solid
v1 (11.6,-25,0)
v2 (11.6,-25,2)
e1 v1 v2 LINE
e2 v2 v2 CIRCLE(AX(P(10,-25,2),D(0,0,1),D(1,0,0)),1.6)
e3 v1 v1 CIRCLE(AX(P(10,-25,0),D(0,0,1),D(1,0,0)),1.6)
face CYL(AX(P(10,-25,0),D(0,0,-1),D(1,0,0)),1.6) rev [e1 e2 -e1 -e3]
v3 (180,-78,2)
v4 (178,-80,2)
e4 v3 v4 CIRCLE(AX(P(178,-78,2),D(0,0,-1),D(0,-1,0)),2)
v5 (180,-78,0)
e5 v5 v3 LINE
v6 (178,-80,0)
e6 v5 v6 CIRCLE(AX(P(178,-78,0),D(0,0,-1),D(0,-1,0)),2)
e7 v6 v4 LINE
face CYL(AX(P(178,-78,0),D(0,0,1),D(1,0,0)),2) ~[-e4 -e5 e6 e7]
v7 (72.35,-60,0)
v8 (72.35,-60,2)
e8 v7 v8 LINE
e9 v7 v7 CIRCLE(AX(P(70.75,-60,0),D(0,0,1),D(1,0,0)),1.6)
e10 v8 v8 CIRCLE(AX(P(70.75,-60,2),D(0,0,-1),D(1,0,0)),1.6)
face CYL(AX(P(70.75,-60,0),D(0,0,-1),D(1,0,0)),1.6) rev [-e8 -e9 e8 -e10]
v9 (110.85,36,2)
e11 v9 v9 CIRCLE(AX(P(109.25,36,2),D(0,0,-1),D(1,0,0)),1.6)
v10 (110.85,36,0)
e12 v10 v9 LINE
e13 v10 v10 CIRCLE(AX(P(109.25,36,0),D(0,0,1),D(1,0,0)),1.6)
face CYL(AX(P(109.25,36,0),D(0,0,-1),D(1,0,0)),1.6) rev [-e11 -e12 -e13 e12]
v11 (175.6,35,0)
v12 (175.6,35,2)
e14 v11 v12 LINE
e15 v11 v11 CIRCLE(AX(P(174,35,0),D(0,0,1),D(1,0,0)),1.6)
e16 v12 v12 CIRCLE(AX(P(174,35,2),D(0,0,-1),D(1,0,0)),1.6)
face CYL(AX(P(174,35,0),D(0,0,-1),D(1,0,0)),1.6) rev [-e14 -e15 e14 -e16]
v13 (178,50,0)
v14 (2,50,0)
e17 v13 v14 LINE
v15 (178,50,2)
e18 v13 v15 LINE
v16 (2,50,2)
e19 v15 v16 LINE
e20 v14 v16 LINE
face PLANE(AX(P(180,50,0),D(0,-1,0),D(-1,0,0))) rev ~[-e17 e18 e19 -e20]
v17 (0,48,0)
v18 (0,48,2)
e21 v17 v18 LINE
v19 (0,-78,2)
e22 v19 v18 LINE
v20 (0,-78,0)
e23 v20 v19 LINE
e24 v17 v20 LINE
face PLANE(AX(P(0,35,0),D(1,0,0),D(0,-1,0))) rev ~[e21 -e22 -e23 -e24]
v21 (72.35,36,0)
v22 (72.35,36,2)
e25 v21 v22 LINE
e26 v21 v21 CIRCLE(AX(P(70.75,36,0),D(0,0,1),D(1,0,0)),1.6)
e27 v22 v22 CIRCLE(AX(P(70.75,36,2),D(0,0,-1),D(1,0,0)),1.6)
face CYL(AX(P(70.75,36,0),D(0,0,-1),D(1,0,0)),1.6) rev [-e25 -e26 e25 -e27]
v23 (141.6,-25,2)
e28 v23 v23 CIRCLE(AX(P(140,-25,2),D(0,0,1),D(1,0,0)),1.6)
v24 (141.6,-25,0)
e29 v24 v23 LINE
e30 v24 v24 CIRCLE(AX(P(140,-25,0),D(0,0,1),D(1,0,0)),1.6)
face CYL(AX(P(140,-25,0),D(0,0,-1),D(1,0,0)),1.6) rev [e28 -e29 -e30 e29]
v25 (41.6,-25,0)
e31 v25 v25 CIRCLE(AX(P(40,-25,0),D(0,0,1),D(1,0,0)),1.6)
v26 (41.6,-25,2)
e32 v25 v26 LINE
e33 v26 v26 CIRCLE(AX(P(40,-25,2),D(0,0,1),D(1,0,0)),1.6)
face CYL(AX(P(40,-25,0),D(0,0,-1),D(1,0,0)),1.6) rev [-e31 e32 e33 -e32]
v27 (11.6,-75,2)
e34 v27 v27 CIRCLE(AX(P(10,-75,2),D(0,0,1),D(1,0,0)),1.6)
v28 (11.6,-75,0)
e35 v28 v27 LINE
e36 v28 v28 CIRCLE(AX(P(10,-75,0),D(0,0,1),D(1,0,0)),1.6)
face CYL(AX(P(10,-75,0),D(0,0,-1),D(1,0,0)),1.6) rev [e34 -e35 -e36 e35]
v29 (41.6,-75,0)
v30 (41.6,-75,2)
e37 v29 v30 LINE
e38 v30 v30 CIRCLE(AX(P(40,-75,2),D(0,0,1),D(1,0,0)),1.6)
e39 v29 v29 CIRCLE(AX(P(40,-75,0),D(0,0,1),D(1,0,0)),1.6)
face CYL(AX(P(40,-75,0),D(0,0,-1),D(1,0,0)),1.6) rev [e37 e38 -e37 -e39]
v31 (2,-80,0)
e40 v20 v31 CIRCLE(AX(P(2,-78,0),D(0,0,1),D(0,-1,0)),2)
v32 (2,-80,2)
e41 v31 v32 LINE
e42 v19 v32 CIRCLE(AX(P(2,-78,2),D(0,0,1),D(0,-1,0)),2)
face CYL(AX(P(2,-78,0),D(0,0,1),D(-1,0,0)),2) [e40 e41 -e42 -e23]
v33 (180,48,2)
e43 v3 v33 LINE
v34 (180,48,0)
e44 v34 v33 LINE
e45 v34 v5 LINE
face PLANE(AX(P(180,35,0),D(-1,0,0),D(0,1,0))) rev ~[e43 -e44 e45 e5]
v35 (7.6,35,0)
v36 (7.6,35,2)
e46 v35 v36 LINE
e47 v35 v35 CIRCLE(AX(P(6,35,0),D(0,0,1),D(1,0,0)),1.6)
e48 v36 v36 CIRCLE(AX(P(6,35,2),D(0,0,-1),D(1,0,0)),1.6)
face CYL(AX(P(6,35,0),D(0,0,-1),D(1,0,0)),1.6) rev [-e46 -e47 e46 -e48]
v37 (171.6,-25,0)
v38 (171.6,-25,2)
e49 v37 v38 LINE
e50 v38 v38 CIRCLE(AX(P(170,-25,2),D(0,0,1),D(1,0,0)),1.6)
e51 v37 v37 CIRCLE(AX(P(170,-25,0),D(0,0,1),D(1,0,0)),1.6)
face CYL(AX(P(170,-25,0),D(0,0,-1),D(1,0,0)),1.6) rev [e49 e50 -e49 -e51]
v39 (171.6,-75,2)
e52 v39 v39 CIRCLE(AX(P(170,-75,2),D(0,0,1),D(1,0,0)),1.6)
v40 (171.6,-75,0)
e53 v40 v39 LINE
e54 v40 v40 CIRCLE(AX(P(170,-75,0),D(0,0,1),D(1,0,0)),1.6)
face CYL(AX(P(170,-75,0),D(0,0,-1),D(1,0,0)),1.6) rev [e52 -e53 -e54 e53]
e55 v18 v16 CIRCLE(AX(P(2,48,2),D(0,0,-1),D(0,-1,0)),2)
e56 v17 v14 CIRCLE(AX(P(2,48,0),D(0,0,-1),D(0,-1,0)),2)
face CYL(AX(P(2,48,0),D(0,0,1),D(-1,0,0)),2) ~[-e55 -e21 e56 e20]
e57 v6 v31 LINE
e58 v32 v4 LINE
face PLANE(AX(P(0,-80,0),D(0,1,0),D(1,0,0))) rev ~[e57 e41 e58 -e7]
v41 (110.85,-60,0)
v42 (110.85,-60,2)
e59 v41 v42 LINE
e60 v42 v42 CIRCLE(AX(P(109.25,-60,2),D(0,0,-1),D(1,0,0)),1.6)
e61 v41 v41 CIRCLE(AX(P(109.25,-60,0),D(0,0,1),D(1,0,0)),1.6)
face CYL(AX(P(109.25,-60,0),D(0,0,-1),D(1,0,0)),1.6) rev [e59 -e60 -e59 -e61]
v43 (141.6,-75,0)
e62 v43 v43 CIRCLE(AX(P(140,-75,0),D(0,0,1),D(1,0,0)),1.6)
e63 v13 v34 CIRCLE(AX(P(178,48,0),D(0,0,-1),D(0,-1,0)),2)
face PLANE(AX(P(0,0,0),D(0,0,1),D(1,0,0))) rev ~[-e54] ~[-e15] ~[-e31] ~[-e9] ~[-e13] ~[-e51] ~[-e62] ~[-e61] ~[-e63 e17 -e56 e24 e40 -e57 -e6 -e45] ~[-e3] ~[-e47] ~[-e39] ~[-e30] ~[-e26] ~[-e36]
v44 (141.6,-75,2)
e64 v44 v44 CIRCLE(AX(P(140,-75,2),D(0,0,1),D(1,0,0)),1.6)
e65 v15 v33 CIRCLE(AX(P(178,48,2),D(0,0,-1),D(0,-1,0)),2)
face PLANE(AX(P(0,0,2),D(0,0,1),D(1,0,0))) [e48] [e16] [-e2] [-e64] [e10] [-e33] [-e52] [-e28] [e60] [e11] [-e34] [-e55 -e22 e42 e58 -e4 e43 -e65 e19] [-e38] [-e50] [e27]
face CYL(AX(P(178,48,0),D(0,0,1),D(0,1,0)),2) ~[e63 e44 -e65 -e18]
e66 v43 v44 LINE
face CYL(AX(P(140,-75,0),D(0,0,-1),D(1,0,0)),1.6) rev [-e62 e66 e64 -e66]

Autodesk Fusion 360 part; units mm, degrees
sketch "スケッチ1" plane through (0, 0, 0) normal (0, 0, 1) x (1, 0, 0)
  line L0 (0, 0) -> (180, 0)
  line L1 (180, 0) -> (180, -100)
  line L2 (180, -100) -> (0, -100)
  line L3 (0, -100) -> (0, 0)
  line L4 (0, -50) -> (180, -50) construction
  line L5 (10, -50) -> (10, -25) construction
  line L6 (10, -25) -> (40, -25) construction
  line L7 (40, -25) -> (40, -50) construction
  line L8 (90, 0) -> (90, -100) construction
  line L9 (10, -50) -> (10, -75) construction
  line L10 (10, -75) -> (40, -75) construction
  line L11 (40, -75) -> (40, -50) construction
  line L12 (140, -75) -> (140, -50) construction
  line L13 (140, -25) -> (140, -50) construction
  line L14 (170, -25) -> (140, -25) construction
  line L15 (170, -50) -> (170, -25) construction
  line L16 (170, -50) -> (170, -75) construction
  line L17 (170, -75) -> (140, -75) construction
  circle A0 centre (10, -25) radius 1.6
  circle A1 centre (40, -25) radius 1.6
  circle A2 centre (10, -75) radius 1.6
  circle A3 centre (40, -75) radius 1.6
  circle A4 centre (170, -25) radius 1.6
  circle A5 centre (140, -25) radius 1.6
  circle A6 centre (140, -75) radius 1.6
  circle A7 centre (170, -75) radius 1.6
  line L18 (40, -37.5) -> (35, -37.5)
  line L19 (35, -37.5) -> (35, -65)
  line L20 (35, -65) -> (45, -65)
  line L21 (45, -65) -> (45, -37.5)
  line L22 (45, -37.5) -> (40, -37.5)
  line L23 (145, -65) -> (135, -65)
  line L24 (135, -65) -> (135, -37.5)
  line L25 (135, -37.5) -> (140, -37.5)
  line L26 (140, -37.5) -> (145, -37.5)
  line L27 (145, -37.5) -> (145, -65)
  line L28 (90, 0) -> (64.5, 0) construction
  line L29 (64.5, 0) -> (64.5, -100) construction
  line L30 (115.5, 0) -> (115.5, -100) construction
  line L31 (64.5, -50) -> (64.5, -9) construction
  line L32 (115.5, -91) -> (115.5, -79)
  circle A8 centre (5, -5) radius 1.6
  circle A9 centre (175, -5) radius 1.6
  circle A10 centre (5, -95) radius 1.6
  circle A11 centre (175, -95) radius 1.6
  line L33 (0, -10) -> (180, -10)
  line L34 (180, -90) -> (0, -90)
  line L35 (0, -80) -> (180, -80)
  line L36 (0, -20) -> (180, -20)
  line L37 (0, 0) -> (180, 0)
  line L38 (180, 0) -> (180, 50)
  line L39 (180, 50) -> (0, 50)
  line L40 (0, 50) -> (0, 0)
  line L41 (90, -60) -> (109.25, -60)
  line L42 (109.25, -60) -> (70.75, -60)
  line L43 (70.75, -60) -> (70.75, 36)
  line L44 (70.75, 36) -> (109.25, 36)
  line L45 (109.25, 36) -> (109.25, -60)
  line L46 (90, -60) -> (90, -80)
  circle A12 centre (70.75, -60) radius 1.6
  circle A13 centre (109.25, -60) radius 1.6
  circle A14 centre (70.75, 36) radius 1.6
  circle A15 centre (109.25, 36) radius 1.6
  line L47 (0, 50) -> (0, 35)
  line L48 (0, 35) -> (180, 35)
  line L49 (0, 35) -> (6, 35)
  circle A16 centre (6, 35) radius 1.6
  circle A17 centre (174, 35) radius 1.6
  dimension "d1" = 180
  dimension "d2" = 100
  dimension "d3" = 3.2
  dimension "d4" = 3.2
  dimension "d7" = 5
  dimension "d8" = 5
  dimension "d9" = 25.5
  dimension "d10" = 41
  dimension "d17" = 3.2
  dimension "d22" = 19.25
  dimension "d23" = 38.5
  dimension "d24" = 96
  dimension "d25" = 20
  dimension "d26" = 3.2
  dimension "d27" = 3.2
  dimension "d28" = 3.2
  dimension "d29" = 3.2
  dimension "d30" = 15
  dimension "d31" = 3.2
extrude "押し出し1" add sketch "スケッチ1" along normal blind 2 contours L0 L37 L40 L43 A14 L48 L49 A16 | L0 L3 L33 L37 L43 | L0 L37 L43 L45 A14 A15 L48 | L0 L33 L37 L43 L45 | L3 L33 L36 L43 | L38 L39 L40 L44 A14 A15 L47 L48 L49 A16 A17 | L0 L37 L38 L45 A15 L48 A17 | L0 L1 L33 L37 L45 | L33 L36 L43 L45 | L3 L35 L36 L42 L43 L46 A12 | L1 L33 L36 L45 | L36 L41 L42 L43 L45 A12 A13 | L44 A14 A15 L48 | L1 L35 L36 L41 L42 L45 L46 A13 | L18 L19 L20 L21 L22 | L23 L24 L25 L26 L27 | A8 | A9
fillet "フィレット1" radius 2 4 edges at (0, -80, 1) (180, -80, 1) (0, 50, 1) (180, 50, 1)
equation "d9 = ( 51 / 2 ) * 1 mm"
equation "d10 = ( 82 / 2 ) * 1 mm"
equation "d22 = ( 38.5 / 2 ) * 1 mm"
